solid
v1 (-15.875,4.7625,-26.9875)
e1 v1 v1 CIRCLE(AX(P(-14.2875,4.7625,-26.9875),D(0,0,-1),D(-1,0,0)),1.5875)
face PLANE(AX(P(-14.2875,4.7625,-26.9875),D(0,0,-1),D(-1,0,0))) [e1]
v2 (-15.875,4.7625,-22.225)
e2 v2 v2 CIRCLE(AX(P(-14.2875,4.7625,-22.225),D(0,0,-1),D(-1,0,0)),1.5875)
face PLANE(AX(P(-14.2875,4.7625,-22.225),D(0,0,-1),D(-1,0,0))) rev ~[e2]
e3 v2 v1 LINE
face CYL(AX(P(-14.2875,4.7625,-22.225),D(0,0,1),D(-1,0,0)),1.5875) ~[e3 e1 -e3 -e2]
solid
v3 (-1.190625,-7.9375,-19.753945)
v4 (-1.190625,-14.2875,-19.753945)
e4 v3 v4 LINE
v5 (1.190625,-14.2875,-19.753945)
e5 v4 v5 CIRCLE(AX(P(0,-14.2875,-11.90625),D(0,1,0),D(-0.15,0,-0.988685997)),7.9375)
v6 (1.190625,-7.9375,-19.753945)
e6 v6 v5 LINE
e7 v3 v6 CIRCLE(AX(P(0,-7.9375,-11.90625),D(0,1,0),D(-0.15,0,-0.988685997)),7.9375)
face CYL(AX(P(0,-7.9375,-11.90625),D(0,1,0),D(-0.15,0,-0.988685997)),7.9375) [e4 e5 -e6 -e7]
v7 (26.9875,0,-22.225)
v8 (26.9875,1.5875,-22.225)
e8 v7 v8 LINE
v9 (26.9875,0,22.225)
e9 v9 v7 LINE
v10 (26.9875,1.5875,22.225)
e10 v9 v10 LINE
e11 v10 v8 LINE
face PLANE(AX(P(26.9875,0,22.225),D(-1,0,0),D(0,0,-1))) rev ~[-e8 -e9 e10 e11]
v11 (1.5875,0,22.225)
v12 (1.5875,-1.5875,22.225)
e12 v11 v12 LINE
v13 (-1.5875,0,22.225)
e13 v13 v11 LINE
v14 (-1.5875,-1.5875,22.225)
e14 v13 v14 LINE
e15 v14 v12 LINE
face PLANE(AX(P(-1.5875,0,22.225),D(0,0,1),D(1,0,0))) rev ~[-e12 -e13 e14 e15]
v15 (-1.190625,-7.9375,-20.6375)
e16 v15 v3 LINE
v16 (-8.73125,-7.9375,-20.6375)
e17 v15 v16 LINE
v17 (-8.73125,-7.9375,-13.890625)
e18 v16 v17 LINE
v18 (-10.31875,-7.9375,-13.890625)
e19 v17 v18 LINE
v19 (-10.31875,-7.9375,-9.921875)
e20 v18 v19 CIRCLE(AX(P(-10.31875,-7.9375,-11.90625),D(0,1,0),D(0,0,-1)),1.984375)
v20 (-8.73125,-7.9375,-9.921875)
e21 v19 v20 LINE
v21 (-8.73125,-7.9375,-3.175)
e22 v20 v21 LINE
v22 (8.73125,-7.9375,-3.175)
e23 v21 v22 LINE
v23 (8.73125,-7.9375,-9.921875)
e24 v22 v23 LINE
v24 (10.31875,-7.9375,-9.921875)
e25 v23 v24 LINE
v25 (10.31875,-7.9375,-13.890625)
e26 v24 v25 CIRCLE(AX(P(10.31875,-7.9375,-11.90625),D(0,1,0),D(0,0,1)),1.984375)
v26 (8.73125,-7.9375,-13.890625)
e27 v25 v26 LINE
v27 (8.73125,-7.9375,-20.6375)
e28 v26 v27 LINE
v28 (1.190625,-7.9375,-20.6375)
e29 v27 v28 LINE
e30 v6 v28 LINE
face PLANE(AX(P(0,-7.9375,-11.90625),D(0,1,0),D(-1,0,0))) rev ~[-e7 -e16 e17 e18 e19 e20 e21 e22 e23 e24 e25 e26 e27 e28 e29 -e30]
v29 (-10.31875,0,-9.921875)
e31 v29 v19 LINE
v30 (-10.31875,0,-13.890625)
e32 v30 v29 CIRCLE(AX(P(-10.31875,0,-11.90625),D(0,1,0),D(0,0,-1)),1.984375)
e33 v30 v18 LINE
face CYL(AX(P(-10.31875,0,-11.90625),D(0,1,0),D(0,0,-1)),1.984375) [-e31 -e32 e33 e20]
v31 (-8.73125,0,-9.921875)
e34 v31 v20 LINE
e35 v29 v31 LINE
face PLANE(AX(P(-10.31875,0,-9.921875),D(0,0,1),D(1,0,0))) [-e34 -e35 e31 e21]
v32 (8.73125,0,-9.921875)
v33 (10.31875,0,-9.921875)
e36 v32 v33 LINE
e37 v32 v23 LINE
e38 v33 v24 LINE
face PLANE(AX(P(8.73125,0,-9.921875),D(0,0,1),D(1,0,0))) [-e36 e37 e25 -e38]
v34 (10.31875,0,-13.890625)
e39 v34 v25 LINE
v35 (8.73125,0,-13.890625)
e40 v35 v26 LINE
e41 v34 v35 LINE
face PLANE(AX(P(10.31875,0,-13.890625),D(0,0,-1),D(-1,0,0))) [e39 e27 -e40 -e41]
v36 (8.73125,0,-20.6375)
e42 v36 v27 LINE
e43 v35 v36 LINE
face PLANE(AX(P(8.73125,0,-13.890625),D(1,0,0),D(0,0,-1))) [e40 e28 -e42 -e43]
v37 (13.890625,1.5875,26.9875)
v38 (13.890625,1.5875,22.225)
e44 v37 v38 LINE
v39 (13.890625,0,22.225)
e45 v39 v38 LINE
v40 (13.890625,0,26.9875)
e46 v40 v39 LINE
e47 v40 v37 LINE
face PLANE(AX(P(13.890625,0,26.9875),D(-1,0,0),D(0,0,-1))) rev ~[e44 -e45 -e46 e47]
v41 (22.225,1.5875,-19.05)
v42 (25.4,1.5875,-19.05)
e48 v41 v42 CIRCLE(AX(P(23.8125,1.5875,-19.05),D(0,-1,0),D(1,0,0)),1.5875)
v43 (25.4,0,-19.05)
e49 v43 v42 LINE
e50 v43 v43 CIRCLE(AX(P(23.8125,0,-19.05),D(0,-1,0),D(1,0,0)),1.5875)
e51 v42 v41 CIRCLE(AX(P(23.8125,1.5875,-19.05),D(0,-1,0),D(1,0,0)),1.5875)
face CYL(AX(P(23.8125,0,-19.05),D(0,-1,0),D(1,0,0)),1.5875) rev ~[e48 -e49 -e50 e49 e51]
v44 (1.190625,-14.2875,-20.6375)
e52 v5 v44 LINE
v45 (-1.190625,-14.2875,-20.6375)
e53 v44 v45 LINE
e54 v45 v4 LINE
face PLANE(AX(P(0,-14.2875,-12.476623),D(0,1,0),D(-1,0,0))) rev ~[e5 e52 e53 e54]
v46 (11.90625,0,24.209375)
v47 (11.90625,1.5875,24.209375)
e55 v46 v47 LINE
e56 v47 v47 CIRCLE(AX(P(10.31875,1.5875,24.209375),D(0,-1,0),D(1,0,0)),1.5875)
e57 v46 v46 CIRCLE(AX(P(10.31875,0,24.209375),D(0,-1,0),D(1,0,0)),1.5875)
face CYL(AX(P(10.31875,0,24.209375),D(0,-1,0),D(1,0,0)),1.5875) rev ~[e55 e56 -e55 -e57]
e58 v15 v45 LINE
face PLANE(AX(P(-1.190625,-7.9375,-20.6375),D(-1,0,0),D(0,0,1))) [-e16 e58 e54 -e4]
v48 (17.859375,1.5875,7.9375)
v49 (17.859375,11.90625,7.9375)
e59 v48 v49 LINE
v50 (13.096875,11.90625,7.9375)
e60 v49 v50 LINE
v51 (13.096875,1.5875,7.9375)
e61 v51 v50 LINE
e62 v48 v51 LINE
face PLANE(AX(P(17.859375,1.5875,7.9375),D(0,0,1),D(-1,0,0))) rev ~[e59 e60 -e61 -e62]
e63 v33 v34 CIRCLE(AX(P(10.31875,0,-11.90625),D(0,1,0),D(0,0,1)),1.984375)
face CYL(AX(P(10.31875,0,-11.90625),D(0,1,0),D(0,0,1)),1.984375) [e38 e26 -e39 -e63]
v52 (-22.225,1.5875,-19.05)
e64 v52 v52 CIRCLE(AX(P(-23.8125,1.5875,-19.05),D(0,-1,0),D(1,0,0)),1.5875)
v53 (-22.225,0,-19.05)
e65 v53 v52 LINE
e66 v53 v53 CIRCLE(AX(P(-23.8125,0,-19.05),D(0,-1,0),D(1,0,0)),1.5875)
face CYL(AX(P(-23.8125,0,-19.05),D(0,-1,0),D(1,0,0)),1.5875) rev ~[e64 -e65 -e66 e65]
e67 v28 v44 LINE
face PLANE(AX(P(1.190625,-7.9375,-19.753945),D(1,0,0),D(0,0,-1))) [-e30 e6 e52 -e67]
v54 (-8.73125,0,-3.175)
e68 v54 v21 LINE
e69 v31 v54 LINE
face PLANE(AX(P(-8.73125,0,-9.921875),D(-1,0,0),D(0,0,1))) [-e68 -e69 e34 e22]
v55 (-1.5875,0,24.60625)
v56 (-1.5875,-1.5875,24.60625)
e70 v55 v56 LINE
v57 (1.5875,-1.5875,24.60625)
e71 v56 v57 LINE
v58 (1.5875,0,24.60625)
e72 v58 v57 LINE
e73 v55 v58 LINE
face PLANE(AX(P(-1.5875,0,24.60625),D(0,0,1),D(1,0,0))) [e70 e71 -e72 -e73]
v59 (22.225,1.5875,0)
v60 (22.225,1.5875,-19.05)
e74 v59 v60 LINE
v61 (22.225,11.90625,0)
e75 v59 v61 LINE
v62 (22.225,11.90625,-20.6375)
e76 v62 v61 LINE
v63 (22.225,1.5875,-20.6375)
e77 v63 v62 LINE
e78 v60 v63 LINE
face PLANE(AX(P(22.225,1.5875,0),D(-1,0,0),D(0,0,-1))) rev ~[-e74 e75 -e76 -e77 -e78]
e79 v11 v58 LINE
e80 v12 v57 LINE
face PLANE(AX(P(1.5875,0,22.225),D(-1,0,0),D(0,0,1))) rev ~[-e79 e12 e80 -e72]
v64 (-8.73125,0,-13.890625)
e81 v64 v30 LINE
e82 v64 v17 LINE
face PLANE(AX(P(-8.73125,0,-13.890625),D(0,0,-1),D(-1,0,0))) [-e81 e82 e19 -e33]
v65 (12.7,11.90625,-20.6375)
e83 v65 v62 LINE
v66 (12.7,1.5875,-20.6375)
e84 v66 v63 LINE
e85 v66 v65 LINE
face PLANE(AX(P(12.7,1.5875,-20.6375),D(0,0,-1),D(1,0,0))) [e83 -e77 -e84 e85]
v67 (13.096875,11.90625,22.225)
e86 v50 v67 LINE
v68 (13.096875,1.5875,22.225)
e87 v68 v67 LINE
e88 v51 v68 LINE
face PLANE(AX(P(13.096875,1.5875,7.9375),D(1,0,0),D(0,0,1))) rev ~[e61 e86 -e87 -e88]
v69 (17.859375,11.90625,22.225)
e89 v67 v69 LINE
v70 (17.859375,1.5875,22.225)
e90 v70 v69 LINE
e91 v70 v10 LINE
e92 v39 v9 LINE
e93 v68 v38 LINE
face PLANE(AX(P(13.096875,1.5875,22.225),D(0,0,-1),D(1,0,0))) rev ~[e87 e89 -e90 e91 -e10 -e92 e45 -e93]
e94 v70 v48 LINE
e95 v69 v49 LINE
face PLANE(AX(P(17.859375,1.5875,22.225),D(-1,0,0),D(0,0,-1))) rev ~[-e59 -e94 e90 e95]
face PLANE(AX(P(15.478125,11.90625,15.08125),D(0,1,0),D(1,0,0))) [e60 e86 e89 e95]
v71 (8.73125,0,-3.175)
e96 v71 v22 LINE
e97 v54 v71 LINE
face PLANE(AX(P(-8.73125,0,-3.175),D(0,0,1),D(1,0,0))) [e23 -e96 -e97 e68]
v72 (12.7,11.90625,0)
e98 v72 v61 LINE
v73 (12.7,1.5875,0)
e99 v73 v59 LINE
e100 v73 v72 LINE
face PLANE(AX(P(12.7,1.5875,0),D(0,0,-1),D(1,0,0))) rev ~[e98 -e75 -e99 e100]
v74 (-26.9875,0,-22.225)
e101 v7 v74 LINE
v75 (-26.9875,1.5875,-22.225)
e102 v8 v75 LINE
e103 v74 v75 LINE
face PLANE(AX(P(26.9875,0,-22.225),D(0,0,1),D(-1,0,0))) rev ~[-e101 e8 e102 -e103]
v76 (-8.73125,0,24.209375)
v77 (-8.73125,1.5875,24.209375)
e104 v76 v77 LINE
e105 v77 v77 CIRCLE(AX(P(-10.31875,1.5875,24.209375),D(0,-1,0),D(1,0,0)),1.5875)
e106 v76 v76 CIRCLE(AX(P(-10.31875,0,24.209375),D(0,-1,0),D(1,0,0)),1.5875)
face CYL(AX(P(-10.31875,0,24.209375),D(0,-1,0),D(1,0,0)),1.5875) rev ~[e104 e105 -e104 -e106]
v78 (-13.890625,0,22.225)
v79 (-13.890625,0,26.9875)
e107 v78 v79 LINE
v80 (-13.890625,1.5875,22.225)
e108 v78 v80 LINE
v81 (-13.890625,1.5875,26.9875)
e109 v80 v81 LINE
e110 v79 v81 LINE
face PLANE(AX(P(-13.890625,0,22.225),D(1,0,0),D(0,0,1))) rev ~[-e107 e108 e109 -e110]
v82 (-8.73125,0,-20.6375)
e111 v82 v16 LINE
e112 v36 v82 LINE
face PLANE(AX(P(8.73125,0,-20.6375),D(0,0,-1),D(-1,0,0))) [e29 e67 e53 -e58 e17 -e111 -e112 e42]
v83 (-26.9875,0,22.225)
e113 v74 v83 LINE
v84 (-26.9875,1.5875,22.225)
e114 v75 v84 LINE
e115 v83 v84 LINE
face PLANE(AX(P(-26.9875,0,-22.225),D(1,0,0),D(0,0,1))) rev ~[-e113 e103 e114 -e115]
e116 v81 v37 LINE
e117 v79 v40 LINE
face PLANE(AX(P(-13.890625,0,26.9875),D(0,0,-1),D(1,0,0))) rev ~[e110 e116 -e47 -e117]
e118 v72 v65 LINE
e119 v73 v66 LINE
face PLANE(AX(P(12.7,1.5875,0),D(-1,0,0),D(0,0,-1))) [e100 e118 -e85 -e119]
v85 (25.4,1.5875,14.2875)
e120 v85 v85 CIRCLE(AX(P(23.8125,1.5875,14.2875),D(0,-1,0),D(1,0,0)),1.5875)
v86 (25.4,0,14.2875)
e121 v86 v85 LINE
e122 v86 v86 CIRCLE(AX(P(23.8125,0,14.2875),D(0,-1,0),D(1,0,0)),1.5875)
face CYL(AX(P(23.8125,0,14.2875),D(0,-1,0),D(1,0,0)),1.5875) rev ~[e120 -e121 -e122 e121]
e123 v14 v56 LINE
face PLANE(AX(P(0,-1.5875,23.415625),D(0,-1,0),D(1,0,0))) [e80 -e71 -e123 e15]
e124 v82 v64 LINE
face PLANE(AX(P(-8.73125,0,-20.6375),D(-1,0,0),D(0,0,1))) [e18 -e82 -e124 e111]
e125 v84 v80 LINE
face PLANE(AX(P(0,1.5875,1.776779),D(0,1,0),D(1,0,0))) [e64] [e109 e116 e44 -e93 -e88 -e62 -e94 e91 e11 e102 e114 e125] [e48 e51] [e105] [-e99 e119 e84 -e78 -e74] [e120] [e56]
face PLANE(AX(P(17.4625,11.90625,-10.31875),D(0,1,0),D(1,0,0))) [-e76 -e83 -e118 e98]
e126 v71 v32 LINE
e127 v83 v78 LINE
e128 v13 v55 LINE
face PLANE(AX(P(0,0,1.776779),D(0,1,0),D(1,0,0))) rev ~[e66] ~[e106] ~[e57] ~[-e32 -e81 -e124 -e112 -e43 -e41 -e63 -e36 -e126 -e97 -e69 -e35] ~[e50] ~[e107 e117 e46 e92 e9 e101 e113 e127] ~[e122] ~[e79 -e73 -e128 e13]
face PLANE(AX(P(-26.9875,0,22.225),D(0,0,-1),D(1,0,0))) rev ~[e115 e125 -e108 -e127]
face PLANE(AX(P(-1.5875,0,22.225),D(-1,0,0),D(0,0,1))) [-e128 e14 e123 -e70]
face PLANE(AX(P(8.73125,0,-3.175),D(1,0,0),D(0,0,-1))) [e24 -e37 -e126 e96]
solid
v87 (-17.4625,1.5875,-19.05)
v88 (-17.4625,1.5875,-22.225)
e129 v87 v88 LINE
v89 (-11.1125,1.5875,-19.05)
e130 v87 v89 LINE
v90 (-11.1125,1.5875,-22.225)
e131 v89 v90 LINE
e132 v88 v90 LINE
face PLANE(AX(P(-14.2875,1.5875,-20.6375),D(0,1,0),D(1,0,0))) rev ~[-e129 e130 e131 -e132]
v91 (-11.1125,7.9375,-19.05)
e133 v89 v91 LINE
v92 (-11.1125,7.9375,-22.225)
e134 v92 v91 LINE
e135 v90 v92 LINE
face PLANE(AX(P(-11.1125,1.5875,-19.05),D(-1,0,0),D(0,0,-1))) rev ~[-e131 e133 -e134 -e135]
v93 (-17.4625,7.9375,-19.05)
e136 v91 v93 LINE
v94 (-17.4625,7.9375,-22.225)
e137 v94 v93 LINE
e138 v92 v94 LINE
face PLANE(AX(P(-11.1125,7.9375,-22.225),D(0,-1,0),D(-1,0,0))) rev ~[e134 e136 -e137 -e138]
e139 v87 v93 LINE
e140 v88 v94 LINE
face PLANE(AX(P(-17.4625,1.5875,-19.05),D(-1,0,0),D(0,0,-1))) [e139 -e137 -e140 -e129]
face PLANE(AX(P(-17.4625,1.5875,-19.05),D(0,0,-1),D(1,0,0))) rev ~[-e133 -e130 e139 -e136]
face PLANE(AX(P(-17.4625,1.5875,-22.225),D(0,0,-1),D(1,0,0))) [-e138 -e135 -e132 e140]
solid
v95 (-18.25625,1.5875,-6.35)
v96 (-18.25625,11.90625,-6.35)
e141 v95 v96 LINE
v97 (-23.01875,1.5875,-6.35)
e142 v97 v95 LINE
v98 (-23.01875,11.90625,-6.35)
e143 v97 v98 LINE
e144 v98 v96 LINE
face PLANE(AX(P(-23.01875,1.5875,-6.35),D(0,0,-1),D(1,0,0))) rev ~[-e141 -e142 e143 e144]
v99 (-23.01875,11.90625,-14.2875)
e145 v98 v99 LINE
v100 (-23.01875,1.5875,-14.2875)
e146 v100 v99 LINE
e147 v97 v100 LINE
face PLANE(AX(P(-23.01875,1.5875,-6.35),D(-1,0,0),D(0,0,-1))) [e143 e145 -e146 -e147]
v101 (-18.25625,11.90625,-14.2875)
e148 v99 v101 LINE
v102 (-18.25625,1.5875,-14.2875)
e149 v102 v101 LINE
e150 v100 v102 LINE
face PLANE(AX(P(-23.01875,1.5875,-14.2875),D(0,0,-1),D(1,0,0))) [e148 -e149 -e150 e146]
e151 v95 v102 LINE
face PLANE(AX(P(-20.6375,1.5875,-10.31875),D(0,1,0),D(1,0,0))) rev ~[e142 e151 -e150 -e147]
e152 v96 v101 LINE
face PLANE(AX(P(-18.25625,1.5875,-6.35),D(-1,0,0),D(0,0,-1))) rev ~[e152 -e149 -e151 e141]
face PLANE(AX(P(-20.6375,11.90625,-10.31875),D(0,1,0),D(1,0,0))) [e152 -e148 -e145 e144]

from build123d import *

# Parameters (mm, degrees)
BOSS_EXTRUDE1_DEPTH   = 1.5875
SKETCH2_W             = 4.7625
SKETCH2_H             = 7.9375
BOSS_EXTRUDE2_DEPTH   = 10.31875
SKETCH2_W_2           = 6.35
SKETCH2_H_2           = 3.175
BOSS_EXTRUDE2_2_DEPTH = 10.31875
SKETCH2_3_W           = 9.525
SKETCH2_3_H           = 20.6375
BOSS_EXTRUDE7_DEPTH   = 10.31875
BOSS_EXTRUDE8_DEPTH   = 10.31875
SKETCH3_R             = 1.5875
BOSS_EXTRUDE3_DEPTH   = 4.7625
SKETCH4_W             = 6.35
SKETCH4_H             = 3.96875
CUT_EXTRUDE1_DEPTH    = 50.2125
BOSS_EXTRUDE4_DEPTH   = 7.9375
BOSS_EXTRUDE5_DEPTH   = 6.35
SKETCH7_R             = 1.5875
CUT_EXTRUDE2_DEPTH    = 12.90625
SKETCH9_W             = 3.175
SKETCH9_H             = 2.38125
BOSS_EXTRUDE6_DEPTH   = 1.5875


with BuildPart() as part:
    # Sketch1 → Boss-Extrude1 (new body)
    with BuildSketch(Plane(origin=(0, 0, 0), x_dir=(1, 0, 0), z_dir=(0, 1, 0))):
        Polygon((13.890625, -22.225), (26.9875, -22.225), (26.9875, 22.225), (-26.9875, 22.225), (-26.9875, -22.225), (-13.890625, -22.225), (-13.890625, -26.9875), (13.890625, -26.9875), align=None)
    extrude(amount=BOSS_EXTRUDE1_DEPTH)

    # Sketch2<3> → Boss-Extrude7 (add)
    with BuildSketch(Plane(origin=(0, 1.5875, 0), x_dir=(1, 0, 0), z_dir=(0, 1, 0))):
        with Locations((17.4625, 10.31875)):
            Rectangle(SKETCH2_3_W, SKETCH2_3_H)
    extrude(amount=BOSS_EXTRUDE7_DEPTH)

    # Sketch2<4> → Boss-Extrude8 (add)
    with BuildSketch(Plane(origin=(0, 1.5875, 0), x_dir=(1, 0, 0), z_dir=(0, 1, 0))):
        Polygon((13.096875, -7.9375), (13.096875, -22.225), (13.890625, -22.225), (17.859375, -22.225), (17.859375, -7.9375), align=None)
    extrude(amount=BOSS_EXTRUDE8_DEPTH)

    # Sketch5 → Boss-Extrude4 (add)
    with BuildSketch(Plane.XZ):
        with BuildLine():
            Line((8.73125, -20.6375), (-8.73125, -20.6375))
            Line((-8.73125, -20.6375), (-8.73125, -13.890625))
            Line((-8.73125, -13.890625), (-10.31875, -13.890625))
            ThreePointArc((-10.31875, -13.890625), (-12.303125, -11.90625), (-10.31875, -9.921875))
            Line((-10.31875, -9.921875), (-8.73125, -9.921875))
            Line((-8.73125, -9.921875), (-8.73125, -3.175))
            Line((-8.73125, -3.175), (8.73125, -3.175))
            Line((8.73125, -3.175), (8.73125, -9.921875))
            Line((8.73125, -9.921875), (10.31875, -9.921875))
            ThreePointArc((10.31875, -9.921875), (12.303125, -11.90625), (10.31875, -13.890625))
            Line((10.31875, -13.890625), (8.73125, -13.890625))
            Line((8.73125, -13.890625), (8.73125, -20.6375))
        make_face()
    extrude(amount=BOSS_EXTRUDE4_DEPTH)

    # Sketch6 → Boss-Extrude5 (add)
    with BuildSketch(Plane.XZ.offset(7.9375)):
        with BuildLine():
            Line((1.190625, -20.6375), (-1.190625, -20.6375))
            Line((-1.190625, -20.6375), (-1.190625, -19.753945099))
            ThreePointArc((-1.190625, -19.753945099), (0, -3.96875), (1.190625, -19.753945099))
            Line((1.190625, -19.753945099), (1.190625, -20.6375))
        make_face()
    extrude(amount=BOSS_EXTRUDE5_DEPTH)

    # Sketch7 → Cut-Extrude2 (cut, through all)
    with BuildSketch(Plane.XZ):
        with Locations((23.8125, -19.05)):
            Circle(SKETCH7_R)
        with Locations((-23.8125, -19.05)):
            Circle(SKETCH7_R)
        with Locations((-10.31875, 24.209375)):
            Circle(SKETCH7_R)
        with Locations((10.31875, 24.209375)):
            Circle(SKETCH7_R)
        with Locations((23.8125, 14.2875)):
            Circle(SKETCH7_R)
    extrude(amount=-CUT_EXTRUDE2_DEPTH, mode=Mode.SUBTRACT)

    # Sketch9 → Boss-Extrude6 (add)
    with BuildSketch(Plane.XZ):
        with Locations((0, 23.415625)):
            Rectangle(SKETCH9_W, SKETCH9_H)
    extrude(amount=BOSS_EXTRUDE6_DEPTH)


with BuildPart() as body_2:
    # Sketch2 → Boss-Extrude2 (new body)
    with BuildSketch(Plane(origin=(0, 1.5875, 0), x_dir=(1, 0, 0), z_dir=(0, 1, 0))):
        with Locations((-20.6375, 10.31875)):
            Rectangle(SKETCH2_W, SKETCH2_H)
    extrude(amount=BOSS_EXTRUDE2_DEPTH)


with BuildPart() as body_3:
    # Sketch2 → Boss-Extrude2 2 (new body)
    with BuildSketch(Plane(origin=(0, 1.5875, 0), x_dir=(1, 0, 0), z_dir=(0, 1, 0))):
        with Locations((-14.2875, 20.6375)):
            Rectangle(SKETCH2_W_2, SKETCH2_H_2)
    extrude(amount=BOSS_EXTRUDE2_2_DEPTH)

    # Sketch4 → Cut-Extrude1 (cut, through all)
    with BuildSketch(Plane(origin=(0, 0, -22.225), x_dir=(-1, 0, 0), z_dir=(0, 0, -1))):
        with Locations((14.2875, 9.921875)):
            Rectangle(SKETCH4_W, SKETCH4_H)
    extrude(amount=-CUT_EXTRUDE1_DEPTH, mode=Mode.SUBTRACT)


with BuildPart() as body_4:
    # Sketch3 → Boss-Extrude3 (new body)
    with BuildSketch(Plane(origin=(0, 0, -22.225), x_dir=(-1, 0, 0), z_dir=(0, 0, -1))):
        with Locations((14.2875, 4.7625)):
            Circle(SKETCH3_R)
    extrude(amount=BOSS_EXTRUDE3_DEPTH)


solid = Compound([part.part, body_2.part, body_3.part, body_4.part])
